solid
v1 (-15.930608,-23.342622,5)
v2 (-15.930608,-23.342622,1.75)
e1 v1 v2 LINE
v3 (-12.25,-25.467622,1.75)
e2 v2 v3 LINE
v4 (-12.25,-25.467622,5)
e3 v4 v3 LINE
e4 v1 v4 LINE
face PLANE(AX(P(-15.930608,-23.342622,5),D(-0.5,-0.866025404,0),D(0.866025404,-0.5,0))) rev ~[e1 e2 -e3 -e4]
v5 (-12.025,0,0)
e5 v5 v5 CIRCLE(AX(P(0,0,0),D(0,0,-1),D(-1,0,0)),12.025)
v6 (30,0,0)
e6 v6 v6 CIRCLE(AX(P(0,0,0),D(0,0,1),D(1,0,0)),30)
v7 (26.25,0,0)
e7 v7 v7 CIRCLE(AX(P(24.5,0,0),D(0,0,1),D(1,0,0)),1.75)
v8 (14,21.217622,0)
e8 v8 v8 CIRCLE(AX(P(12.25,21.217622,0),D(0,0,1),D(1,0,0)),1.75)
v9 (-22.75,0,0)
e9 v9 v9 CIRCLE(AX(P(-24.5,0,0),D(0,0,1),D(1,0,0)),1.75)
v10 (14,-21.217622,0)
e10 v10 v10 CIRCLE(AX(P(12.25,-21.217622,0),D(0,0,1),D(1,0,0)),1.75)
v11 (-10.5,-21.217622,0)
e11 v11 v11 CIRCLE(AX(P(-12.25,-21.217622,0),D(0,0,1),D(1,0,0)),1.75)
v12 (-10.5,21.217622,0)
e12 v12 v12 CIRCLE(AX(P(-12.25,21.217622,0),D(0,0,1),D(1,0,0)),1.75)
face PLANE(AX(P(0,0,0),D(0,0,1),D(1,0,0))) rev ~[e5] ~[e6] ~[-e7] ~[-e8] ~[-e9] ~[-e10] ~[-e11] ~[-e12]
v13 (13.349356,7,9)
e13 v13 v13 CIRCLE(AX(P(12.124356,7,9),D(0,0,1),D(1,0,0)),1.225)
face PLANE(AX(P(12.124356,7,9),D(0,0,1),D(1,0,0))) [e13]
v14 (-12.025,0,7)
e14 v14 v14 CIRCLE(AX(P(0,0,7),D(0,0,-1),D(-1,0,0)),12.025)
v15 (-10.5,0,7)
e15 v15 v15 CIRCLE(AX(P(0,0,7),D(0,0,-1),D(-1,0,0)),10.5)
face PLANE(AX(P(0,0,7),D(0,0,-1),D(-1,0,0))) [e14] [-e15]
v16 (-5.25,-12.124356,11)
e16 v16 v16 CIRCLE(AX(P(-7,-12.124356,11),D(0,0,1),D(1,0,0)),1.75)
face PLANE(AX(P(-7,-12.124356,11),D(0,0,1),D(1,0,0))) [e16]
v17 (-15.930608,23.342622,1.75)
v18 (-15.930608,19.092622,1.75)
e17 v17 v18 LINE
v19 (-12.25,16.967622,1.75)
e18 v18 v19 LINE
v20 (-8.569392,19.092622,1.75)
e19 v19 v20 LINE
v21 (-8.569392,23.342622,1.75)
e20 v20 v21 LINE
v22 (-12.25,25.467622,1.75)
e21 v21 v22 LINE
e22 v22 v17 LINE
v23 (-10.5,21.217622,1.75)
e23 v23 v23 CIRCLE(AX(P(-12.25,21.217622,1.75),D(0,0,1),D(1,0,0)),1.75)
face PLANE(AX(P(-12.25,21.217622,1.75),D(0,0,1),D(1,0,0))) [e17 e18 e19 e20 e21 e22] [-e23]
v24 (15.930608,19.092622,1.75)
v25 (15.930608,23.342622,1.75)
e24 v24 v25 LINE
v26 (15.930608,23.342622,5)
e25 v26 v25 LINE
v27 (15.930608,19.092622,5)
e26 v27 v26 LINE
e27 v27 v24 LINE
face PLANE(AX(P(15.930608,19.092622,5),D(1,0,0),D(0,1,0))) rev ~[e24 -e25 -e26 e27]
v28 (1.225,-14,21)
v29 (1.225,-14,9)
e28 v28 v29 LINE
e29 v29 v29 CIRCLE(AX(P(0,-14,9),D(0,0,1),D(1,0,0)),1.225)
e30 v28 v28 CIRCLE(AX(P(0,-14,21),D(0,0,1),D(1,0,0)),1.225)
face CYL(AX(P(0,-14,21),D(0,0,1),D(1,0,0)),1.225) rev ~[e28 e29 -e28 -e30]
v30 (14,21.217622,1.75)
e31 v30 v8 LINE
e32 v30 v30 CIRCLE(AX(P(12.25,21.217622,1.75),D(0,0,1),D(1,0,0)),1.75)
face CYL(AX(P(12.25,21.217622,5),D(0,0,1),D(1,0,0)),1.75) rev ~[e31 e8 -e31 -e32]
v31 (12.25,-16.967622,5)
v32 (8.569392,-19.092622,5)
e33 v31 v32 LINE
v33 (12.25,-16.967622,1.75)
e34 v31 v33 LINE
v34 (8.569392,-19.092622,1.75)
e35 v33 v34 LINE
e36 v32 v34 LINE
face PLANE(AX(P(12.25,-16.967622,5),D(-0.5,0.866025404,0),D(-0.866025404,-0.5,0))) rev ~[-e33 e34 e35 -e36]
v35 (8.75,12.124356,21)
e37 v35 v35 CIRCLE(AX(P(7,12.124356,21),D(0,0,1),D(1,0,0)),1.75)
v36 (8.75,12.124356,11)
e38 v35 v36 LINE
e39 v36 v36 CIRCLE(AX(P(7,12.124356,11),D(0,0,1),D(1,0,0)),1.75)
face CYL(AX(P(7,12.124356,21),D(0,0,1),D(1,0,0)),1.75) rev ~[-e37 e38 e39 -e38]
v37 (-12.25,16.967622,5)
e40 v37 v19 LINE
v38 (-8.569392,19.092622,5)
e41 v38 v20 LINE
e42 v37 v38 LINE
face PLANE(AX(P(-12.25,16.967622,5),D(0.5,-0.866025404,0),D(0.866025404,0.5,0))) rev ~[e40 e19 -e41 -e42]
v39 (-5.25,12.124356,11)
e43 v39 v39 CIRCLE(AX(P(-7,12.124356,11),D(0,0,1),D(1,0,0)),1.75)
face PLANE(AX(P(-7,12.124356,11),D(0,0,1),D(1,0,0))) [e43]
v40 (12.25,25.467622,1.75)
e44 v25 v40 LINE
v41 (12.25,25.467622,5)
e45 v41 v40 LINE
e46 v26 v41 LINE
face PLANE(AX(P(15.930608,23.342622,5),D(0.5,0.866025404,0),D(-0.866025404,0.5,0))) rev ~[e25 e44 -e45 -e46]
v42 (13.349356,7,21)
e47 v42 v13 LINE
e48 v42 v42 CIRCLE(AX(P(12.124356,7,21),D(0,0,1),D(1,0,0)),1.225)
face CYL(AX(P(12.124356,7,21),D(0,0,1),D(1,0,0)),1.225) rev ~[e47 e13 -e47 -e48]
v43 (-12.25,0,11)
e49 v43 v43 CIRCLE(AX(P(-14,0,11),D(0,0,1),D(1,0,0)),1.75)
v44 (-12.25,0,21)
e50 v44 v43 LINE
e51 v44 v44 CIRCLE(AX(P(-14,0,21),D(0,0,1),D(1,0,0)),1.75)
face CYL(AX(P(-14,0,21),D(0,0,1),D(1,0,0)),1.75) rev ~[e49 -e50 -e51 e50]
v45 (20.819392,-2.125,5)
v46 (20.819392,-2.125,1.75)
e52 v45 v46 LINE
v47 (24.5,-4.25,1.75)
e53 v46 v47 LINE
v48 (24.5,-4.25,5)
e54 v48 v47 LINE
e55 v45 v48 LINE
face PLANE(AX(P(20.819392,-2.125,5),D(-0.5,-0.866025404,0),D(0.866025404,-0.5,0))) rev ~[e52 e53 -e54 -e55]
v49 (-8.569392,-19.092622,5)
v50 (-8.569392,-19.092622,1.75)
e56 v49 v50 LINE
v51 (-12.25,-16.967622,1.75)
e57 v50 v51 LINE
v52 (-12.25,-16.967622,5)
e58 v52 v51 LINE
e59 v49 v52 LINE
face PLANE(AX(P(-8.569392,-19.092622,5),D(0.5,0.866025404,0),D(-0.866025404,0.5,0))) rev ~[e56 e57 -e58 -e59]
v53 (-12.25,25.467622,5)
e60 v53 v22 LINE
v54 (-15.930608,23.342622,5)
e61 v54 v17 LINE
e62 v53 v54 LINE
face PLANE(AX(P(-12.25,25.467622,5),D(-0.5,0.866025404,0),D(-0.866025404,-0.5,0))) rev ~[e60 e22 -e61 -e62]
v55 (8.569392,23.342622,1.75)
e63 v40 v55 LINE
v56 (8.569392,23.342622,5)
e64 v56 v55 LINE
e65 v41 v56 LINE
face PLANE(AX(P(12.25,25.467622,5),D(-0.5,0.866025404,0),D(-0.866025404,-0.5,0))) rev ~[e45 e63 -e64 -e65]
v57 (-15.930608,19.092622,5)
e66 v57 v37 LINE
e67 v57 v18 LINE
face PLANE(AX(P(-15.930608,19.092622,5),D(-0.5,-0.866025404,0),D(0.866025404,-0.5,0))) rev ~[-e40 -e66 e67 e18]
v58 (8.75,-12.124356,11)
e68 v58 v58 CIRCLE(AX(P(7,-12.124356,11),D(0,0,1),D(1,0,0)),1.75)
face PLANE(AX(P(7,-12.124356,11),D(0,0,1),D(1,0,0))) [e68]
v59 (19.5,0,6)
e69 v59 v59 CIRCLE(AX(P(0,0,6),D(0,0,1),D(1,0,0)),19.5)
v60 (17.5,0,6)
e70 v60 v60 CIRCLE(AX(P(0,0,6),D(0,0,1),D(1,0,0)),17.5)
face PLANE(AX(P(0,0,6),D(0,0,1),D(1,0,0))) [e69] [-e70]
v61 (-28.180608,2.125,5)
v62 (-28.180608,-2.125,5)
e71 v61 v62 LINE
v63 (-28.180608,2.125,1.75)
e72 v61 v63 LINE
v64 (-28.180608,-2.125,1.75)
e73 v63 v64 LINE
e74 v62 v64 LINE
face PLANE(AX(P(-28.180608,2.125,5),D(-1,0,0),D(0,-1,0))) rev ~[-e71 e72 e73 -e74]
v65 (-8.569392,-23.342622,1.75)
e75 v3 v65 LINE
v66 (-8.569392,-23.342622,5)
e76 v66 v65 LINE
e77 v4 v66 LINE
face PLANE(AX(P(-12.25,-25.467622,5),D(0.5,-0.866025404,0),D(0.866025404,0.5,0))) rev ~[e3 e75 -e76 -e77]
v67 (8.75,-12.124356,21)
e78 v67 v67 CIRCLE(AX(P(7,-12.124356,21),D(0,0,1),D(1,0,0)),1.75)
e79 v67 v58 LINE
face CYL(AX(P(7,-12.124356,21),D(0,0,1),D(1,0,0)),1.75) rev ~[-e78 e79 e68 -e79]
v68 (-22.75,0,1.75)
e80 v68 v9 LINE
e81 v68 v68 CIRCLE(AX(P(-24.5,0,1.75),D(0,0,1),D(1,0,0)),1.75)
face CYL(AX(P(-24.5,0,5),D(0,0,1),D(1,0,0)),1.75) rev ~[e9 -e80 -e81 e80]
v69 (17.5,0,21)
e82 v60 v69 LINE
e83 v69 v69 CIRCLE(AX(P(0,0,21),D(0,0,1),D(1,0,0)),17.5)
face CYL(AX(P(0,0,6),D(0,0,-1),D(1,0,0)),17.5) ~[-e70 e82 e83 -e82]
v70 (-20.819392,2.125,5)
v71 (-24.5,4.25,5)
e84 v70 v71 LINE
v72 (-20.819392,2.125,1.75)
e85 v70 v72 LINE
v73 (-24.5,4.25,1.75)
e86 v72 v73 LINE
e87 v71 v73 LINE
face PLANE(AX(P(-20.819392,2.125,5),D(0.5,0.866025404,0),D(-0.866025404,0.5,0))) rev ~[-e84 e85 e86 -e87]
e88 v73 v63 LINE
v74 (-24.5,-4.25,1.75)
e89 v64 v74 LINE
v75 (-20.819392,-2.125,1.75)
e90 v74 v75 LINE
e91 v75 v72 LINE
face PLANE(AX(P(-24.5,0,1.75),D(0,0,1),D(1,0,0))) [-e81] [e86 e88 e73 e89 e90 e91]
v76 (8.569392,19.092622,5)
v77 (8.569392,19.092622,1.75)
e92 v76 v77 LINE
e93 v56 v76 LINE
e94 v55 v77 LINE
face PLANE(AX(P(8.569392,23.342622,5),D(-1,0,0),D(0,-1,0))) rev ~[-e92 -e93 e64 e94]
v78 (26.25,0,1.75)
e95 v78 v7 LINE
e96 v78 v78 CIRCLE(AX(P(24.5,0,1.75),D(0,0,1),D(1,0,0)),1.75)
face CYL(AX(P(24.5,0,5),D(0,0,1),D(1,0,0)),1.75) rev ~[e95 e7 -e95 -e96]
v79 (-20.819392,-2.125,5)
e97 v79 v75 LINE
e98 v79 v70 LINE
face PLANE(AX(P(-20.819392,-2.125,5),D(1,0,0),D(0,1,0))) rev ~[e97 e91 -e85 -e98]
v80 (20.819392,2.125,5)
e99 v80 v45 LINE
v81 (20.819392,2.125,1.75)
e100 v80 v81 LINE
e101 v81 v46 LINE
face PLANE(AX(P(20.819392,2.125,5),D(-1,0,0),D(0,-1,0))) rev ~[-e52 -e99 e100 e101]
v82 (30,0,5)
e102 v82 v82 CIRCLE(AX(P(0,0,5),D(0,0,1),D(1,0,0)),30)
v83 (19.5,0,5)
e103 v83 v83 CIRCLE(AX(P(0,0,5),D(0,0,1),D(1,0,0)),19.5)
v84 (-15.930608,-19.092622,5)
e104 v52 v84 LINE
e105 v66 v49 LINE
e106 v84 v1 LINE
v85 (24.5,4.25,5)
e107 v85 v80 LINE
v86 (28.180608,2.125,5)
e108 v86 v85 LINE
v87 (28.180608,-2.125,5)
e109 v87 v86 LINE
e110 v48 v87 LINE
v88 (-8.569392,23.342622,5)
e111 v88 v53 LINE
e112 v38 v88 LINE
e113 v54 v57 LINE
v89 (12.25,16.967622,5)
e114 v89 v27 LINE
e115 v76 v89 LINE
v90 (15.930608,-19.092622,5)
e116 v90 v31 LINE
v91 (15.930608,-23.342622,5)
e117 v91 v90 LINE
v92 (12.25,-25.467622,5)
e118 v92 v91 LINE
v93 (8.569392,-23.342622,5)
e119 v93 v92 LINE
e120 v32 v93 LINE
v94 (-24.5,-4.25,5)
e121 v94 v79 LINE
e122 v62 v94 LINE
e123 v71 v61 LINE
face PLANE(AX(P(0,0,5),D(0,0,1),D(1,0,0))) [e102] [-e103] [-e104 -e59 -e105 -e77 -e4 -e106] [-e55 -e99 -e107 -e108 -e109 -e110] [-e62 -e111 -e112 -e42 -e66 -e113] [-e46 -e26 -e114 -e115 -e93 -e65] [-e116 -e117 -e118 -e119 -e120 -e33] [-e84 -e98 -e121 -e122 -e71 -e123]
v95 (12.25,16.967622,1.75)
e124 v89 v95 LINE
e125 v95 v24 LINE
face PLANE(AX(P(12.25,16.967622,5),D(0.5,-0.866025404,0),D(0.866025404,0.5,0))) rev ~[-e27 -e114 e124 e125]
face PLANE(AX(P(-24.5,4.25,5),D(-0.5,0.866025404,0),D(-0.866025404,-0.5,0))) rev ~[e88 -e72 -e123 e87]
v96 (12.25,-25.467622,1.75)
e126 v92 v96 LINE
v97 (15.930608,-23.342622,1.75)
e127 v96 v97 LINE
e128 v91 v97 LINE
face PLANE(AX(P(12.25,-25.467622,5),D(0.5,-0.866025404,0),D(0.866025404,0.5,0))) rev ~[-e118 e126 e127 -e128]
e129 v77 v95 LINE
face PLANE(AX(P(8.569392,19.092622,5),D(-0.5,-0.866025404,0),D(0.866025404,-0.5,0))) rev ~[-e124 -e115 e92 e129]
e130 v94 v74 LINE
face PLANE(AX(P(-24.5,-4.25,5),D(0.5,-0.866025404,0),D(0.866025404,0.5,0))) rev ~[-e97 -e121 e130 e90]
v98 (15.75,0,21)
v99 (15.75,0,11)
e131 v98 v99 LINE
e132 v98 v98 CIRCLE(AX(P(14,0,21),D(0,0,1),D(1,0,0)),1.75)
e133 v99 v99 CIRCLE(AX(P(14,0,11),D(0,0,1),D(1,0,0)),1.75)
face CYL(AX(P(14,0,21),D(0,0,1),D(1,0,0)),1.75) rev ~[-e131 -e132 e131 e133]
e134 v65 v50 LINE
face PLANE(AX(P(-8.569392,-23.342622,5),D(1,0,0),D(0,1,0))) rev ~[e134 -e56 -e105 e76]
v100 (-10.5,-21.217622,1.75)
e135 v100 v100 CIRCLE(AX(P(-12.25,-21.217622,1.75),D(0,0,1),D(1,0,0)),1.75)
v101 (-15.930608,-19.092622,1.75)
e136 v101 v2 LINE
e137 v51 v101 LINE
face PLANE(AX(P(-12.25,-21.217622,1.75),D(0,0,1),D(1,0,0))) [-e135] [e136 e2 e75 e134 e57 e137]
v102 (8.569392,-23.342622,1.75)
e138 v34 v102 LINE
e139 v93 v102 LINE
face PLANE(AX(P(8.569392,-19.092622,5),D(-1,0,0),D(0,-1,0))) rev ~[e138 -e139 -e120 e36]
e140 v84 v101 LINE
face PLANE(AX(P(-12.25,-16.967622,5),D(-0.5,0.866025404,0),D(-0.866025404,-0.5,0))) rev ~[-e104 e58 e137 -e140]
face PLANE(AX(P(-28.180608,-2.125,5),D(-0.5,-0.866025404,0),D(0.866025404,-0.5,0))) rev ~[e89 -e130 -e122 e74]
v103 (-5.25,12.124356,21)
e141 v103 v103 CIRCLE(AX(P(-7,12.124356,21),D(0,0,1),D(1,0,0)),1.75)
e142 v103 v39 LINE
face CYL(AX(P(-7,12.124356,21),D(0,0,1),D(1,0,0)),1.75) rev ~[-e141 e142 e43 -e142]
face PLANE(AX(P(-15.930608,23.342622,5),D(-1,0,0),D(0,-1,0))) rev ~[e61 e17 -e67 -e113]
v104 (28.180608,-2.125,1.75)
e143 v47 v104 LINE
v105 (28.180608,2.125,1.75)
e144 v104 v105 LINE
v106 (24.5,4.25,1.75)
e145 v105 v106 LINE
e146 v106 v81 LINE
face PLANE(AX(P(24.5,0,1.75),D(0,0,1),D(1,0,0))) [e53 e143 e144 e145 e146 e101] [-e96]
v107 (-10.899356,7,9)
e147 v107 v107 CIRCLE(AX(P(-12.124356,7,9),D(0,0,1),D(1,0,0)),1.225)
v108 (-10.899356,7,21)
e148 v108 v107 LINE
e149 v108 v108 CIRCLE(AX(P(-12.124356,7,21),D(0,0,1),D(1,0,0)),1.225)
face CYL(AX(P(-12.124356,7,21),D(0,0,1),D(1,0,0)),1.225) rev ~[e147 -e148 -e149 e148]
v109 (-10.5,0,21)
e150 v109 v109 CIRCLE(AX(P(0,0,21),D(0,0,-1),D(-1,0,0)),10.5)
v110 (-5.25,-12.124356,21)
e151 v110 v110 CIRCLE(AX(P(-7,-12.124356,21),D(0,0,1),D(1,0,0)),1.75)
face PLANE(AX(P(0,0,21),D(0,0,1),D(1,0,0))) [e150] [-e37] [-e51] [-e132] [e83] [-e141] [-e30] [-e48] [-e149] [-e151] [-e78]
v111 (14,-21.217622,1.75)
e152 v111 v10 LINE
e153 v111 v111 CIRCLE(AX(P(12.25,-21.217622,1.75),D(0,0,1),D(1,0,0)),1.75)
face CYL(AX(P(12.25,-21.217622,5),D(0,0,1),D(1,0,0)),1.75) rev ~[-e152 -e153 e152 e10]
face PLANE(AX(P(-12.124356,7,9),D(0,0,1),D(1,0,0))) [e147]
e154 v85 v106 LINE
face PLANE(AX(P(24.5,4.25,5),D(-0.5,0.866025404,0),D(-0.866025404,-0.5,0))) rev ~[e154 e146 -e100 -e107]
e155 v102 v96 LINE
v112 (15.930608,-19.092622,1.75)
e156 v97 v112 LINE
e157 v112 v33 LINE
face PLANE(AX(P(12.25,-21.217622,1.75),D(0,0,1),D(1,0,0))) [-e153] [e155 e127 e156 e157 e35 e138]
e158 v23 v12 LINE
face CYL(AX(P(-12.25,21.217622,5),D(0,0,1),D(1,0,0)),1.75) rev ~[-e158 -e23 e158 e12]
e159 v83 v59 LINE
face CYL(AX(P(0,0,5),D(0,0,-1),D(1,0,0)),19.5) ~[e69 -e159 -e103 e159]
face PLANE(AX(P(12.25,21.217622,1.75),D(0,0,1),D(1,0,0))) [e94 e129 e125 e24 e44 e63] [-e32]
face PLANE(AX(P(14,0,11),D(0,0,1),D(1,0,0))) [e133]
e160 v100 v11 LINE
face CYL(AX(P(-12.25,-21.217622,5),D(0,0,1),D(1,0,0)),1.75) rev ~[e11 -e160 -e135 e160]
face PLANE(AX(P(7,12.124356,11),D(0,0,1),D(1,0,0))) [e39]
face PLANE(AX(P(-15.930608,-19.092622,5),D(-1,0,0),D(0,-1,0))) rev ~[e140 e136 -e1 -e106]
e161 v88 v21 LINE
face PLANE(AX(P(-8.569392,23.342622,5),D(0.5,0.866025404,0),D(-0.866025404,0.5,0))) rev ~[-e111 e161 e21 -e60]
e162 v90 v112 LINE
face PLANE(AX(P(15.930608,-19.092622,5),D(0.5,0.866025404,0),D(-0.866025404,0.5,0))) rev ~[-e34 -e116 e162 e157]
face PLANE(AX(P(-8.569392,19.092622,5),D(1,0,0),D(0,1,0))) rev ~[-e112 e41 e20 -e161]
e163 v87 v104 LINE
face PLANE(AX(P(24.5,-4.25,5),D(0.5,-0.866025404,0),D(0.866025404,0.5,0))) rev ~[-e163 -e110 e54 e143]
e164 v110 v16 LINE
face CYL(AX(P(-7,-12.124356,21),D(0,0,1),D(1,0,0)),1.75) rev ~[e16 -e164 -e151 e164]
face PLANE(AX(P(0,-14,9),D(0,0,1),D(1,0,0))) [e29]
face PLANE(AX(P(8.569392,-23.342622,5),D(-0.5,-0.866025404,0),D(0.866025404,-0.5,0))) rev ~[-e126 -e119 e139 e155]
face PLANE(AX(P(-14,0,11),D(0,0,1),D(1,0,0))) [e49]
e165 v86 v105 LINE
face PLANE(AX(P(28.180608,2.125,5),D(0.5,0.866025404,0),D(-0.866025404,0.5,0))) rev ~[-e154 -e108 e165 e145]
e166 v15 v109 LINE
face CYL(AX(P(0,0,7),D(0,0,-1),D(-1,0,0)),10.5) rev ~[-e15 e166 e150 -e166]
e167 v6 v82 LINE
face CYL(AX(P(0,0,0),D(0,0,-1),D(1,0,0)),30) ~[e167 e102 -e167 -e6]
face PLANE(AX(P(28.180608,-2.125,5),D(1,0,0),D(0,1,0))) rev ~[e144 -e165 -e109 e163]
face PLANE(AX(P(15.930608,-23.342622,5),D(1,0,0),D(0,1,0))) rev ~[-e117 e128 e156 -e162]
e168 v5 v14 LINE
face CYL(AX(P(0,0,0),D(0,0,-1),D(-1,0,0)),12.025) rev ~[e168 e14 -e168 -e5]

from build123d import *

# Parameters (mm, degrees)
SKETCH1_R           = 30
BOSS_EXTRUDE1_DEPTH = 5
SKETCH2_R           = 19.5
BOSS_EXTRUDE2_DEPTH = 1
SKETCH3_R           = 17.5
BOSS_EXTRUDE3_DEPTH = 15
SKETCH4_R           = 12.025
CUT_EXTRUDE1_DEPTH  = 7
SKETCH5_R           = 10.5
CUT_EXTRUDE2_DEPTH  = 45.676615807
SKETCH6_R           = 1.75
CUT_EXTRUDE3_DEPTH  = 46.343136195
SKETCH7_R           = 1.75
CUT_EXTRUDE4_DEPTH  = 10
SKETCH8_R           = 1.225
CUT_EXTRUDE5_DEPTH  = 12
CUT_EXTRUDE6_DEPTH  = 3.25


with BuildPart() as part:
    # Sketch1 → Boss-Extrude1 (new body)
    with BuildSketch(Plane.XY):
        Circle(SKETCH1_R)
    extrude(amount=BOSS_EXTRUDE1_DEPTH)

    # Sketch2 → Boss-Extrude2 (add)
    with BuildSketch(Plane.XY.offset(5)):
        Circle(SKETCH2_R)
    extrude(amount=BOSS_EXTRUDE2_DEPTH)

    # Sketch3 → Boss-Extrude3 (add)
    with BuildSketch(Plane.XY.offset(6)):
        Circle(SKETCH3_R)
    extrude(amount=BOSS_EXTRUDE3_DEPTH)

    # Sketch4 → Cut-Extrude1 (cut)
    with BuildSketch(Plane(origin=(0, 0, 0), x_dir=(-1, 0, 0), z_dir=(0, 0, -1))):
        Circle(SKETCH4_R)
    extrude(amount=-CUT_EXTRUDE1_DEPTH, mode=Mode.SUBTRACT)

    # Sketch5 → Cut-Extrude2 (cut, through all)
    with BuildSketch(Plane(origin=(0, 0, 7), x_dir=(-1, 0, 0), z_dir=(0, 0, -1))):
        Circle(SKETCH5_R)
    extrude(amount=-CUT_EXTRUDE2_DEPTH, mode=Mode.SUBTRACT)

    # Sketch6 → Cut-Extrude3 (cut, through all)
    with BuildSketch(Plane.XY.offset(5)):
        with Locations((24.5, 0)):
            Circle(SKETCH6_R)
        with Locations((12.25, -21.217622393)):
            Circle(SKETCH6_R)
        with Locations((-12.25, -21.217622393)):
            Circle(SKETCH6_R)
        with Locations((-24.5, 0)):
            Circle(SKETCH6_R)
        with Locations((-12.25, 21.217622393)):
            Circle(SKETCH6_R)
        with Locations((12.25, 21.217622393)):
            Circle(SKETCH6_R)
    extrude(amount=-CUT_EXTRUDE3_DEPTH, mode=Mode.SUBTRACT)

    # Sketch7 → Cut-Extrude4 (cut)
    with BuildSketch(Plane.XY.offset(21)):
        with Locations((14, 0)):
            Circle(SKETCH7_R)
        with Locations((7, -12.124355653)):
            Circle(SKETCH7_R)
        with Locations((-7, -12.124355653)):
            Circle(SKETCH7_R)
        with Locations((-14, 0)):
            Circle(SKETCH7_R)
        with Locations((-7, 12.124355653)):
            Circle(SKETCH7_R)
        with Locations((7, 12.124355653)):
            Circle(SKETCH7_R)
    extrude(amount=-CUT_EXTRUDE4_DEPTH, mode=Mode.SUBTRACT)

    # Sketch8 → Cut-Extrude5 (cut)
    with BuildSketch(Plane.XY.offset(21)):
        with Locations((12.124355653, 7)):
            Circle(SKETCH8_R)
        with Locations((0, -14)):
            Circle(SKETCH8_R)
        with Locations((-12.124355653, 7)):
            Circle(SKETCH8_R)
    extrude(amount=-CUT_EXTRUDE5_DEPTH, mode=Mode.SUBTRACT)

    # Sketch9 → Cut-Extrude6 (cut)
    with BuildSketch(Plane.XY.offset(5)):
        Polygon((12.25, -16.967622393), (8.569392034, -19.092622393), (8.569392034, -23.342622393), (12.25, -25.467622393), (15.930607966, -23.342622393), (15.930607966, -19.092622393), align=None)
        Polygon((24.5, 4.25), (20.819392034, 2.125), (20.819392034, -2.125), (24.5, -4.25), (28.180607966, -2.125), (28.180607966, 2.125), align=None)
        Polygon((-8.569392034, -19.092622393), (-12.25, -16.967622393), (-15.930607966, -19.092622393), (-15.930607966, -23.342622393), (-12.25, -25.467622393), (-8.569392034, -23.342622393), align=None)
        Polygon((-20.819392034, -2.125), (-20.819392034, 2.125), (-24.5, 4.25), (-28.180607966, 2.125), (-28.180607966, -2.125), (-24.5, -4.25), align=None)
        Polygon((-12.25, 16.967622393), (-8.569392034, 19.092622393), (-8.569392034, 23.342622393), (-12.25, 25.467622393), (-15.930607966, 23.342622393), (-15.930607966, 19.092622393), align=None)
        Polygon((8.569392034, 19.092622393), (12.25, 16.967622393), (15.930607966, 19.092622393), (15.930607966, 23.342622393), (12.25, 25.467622393), (8.569392034, 23.342622393), align=None)
    extrude(amount=-CUT_EXTRUDE6_DEPTH, mode=Mode.SUBTRACT)


solid = part.part
